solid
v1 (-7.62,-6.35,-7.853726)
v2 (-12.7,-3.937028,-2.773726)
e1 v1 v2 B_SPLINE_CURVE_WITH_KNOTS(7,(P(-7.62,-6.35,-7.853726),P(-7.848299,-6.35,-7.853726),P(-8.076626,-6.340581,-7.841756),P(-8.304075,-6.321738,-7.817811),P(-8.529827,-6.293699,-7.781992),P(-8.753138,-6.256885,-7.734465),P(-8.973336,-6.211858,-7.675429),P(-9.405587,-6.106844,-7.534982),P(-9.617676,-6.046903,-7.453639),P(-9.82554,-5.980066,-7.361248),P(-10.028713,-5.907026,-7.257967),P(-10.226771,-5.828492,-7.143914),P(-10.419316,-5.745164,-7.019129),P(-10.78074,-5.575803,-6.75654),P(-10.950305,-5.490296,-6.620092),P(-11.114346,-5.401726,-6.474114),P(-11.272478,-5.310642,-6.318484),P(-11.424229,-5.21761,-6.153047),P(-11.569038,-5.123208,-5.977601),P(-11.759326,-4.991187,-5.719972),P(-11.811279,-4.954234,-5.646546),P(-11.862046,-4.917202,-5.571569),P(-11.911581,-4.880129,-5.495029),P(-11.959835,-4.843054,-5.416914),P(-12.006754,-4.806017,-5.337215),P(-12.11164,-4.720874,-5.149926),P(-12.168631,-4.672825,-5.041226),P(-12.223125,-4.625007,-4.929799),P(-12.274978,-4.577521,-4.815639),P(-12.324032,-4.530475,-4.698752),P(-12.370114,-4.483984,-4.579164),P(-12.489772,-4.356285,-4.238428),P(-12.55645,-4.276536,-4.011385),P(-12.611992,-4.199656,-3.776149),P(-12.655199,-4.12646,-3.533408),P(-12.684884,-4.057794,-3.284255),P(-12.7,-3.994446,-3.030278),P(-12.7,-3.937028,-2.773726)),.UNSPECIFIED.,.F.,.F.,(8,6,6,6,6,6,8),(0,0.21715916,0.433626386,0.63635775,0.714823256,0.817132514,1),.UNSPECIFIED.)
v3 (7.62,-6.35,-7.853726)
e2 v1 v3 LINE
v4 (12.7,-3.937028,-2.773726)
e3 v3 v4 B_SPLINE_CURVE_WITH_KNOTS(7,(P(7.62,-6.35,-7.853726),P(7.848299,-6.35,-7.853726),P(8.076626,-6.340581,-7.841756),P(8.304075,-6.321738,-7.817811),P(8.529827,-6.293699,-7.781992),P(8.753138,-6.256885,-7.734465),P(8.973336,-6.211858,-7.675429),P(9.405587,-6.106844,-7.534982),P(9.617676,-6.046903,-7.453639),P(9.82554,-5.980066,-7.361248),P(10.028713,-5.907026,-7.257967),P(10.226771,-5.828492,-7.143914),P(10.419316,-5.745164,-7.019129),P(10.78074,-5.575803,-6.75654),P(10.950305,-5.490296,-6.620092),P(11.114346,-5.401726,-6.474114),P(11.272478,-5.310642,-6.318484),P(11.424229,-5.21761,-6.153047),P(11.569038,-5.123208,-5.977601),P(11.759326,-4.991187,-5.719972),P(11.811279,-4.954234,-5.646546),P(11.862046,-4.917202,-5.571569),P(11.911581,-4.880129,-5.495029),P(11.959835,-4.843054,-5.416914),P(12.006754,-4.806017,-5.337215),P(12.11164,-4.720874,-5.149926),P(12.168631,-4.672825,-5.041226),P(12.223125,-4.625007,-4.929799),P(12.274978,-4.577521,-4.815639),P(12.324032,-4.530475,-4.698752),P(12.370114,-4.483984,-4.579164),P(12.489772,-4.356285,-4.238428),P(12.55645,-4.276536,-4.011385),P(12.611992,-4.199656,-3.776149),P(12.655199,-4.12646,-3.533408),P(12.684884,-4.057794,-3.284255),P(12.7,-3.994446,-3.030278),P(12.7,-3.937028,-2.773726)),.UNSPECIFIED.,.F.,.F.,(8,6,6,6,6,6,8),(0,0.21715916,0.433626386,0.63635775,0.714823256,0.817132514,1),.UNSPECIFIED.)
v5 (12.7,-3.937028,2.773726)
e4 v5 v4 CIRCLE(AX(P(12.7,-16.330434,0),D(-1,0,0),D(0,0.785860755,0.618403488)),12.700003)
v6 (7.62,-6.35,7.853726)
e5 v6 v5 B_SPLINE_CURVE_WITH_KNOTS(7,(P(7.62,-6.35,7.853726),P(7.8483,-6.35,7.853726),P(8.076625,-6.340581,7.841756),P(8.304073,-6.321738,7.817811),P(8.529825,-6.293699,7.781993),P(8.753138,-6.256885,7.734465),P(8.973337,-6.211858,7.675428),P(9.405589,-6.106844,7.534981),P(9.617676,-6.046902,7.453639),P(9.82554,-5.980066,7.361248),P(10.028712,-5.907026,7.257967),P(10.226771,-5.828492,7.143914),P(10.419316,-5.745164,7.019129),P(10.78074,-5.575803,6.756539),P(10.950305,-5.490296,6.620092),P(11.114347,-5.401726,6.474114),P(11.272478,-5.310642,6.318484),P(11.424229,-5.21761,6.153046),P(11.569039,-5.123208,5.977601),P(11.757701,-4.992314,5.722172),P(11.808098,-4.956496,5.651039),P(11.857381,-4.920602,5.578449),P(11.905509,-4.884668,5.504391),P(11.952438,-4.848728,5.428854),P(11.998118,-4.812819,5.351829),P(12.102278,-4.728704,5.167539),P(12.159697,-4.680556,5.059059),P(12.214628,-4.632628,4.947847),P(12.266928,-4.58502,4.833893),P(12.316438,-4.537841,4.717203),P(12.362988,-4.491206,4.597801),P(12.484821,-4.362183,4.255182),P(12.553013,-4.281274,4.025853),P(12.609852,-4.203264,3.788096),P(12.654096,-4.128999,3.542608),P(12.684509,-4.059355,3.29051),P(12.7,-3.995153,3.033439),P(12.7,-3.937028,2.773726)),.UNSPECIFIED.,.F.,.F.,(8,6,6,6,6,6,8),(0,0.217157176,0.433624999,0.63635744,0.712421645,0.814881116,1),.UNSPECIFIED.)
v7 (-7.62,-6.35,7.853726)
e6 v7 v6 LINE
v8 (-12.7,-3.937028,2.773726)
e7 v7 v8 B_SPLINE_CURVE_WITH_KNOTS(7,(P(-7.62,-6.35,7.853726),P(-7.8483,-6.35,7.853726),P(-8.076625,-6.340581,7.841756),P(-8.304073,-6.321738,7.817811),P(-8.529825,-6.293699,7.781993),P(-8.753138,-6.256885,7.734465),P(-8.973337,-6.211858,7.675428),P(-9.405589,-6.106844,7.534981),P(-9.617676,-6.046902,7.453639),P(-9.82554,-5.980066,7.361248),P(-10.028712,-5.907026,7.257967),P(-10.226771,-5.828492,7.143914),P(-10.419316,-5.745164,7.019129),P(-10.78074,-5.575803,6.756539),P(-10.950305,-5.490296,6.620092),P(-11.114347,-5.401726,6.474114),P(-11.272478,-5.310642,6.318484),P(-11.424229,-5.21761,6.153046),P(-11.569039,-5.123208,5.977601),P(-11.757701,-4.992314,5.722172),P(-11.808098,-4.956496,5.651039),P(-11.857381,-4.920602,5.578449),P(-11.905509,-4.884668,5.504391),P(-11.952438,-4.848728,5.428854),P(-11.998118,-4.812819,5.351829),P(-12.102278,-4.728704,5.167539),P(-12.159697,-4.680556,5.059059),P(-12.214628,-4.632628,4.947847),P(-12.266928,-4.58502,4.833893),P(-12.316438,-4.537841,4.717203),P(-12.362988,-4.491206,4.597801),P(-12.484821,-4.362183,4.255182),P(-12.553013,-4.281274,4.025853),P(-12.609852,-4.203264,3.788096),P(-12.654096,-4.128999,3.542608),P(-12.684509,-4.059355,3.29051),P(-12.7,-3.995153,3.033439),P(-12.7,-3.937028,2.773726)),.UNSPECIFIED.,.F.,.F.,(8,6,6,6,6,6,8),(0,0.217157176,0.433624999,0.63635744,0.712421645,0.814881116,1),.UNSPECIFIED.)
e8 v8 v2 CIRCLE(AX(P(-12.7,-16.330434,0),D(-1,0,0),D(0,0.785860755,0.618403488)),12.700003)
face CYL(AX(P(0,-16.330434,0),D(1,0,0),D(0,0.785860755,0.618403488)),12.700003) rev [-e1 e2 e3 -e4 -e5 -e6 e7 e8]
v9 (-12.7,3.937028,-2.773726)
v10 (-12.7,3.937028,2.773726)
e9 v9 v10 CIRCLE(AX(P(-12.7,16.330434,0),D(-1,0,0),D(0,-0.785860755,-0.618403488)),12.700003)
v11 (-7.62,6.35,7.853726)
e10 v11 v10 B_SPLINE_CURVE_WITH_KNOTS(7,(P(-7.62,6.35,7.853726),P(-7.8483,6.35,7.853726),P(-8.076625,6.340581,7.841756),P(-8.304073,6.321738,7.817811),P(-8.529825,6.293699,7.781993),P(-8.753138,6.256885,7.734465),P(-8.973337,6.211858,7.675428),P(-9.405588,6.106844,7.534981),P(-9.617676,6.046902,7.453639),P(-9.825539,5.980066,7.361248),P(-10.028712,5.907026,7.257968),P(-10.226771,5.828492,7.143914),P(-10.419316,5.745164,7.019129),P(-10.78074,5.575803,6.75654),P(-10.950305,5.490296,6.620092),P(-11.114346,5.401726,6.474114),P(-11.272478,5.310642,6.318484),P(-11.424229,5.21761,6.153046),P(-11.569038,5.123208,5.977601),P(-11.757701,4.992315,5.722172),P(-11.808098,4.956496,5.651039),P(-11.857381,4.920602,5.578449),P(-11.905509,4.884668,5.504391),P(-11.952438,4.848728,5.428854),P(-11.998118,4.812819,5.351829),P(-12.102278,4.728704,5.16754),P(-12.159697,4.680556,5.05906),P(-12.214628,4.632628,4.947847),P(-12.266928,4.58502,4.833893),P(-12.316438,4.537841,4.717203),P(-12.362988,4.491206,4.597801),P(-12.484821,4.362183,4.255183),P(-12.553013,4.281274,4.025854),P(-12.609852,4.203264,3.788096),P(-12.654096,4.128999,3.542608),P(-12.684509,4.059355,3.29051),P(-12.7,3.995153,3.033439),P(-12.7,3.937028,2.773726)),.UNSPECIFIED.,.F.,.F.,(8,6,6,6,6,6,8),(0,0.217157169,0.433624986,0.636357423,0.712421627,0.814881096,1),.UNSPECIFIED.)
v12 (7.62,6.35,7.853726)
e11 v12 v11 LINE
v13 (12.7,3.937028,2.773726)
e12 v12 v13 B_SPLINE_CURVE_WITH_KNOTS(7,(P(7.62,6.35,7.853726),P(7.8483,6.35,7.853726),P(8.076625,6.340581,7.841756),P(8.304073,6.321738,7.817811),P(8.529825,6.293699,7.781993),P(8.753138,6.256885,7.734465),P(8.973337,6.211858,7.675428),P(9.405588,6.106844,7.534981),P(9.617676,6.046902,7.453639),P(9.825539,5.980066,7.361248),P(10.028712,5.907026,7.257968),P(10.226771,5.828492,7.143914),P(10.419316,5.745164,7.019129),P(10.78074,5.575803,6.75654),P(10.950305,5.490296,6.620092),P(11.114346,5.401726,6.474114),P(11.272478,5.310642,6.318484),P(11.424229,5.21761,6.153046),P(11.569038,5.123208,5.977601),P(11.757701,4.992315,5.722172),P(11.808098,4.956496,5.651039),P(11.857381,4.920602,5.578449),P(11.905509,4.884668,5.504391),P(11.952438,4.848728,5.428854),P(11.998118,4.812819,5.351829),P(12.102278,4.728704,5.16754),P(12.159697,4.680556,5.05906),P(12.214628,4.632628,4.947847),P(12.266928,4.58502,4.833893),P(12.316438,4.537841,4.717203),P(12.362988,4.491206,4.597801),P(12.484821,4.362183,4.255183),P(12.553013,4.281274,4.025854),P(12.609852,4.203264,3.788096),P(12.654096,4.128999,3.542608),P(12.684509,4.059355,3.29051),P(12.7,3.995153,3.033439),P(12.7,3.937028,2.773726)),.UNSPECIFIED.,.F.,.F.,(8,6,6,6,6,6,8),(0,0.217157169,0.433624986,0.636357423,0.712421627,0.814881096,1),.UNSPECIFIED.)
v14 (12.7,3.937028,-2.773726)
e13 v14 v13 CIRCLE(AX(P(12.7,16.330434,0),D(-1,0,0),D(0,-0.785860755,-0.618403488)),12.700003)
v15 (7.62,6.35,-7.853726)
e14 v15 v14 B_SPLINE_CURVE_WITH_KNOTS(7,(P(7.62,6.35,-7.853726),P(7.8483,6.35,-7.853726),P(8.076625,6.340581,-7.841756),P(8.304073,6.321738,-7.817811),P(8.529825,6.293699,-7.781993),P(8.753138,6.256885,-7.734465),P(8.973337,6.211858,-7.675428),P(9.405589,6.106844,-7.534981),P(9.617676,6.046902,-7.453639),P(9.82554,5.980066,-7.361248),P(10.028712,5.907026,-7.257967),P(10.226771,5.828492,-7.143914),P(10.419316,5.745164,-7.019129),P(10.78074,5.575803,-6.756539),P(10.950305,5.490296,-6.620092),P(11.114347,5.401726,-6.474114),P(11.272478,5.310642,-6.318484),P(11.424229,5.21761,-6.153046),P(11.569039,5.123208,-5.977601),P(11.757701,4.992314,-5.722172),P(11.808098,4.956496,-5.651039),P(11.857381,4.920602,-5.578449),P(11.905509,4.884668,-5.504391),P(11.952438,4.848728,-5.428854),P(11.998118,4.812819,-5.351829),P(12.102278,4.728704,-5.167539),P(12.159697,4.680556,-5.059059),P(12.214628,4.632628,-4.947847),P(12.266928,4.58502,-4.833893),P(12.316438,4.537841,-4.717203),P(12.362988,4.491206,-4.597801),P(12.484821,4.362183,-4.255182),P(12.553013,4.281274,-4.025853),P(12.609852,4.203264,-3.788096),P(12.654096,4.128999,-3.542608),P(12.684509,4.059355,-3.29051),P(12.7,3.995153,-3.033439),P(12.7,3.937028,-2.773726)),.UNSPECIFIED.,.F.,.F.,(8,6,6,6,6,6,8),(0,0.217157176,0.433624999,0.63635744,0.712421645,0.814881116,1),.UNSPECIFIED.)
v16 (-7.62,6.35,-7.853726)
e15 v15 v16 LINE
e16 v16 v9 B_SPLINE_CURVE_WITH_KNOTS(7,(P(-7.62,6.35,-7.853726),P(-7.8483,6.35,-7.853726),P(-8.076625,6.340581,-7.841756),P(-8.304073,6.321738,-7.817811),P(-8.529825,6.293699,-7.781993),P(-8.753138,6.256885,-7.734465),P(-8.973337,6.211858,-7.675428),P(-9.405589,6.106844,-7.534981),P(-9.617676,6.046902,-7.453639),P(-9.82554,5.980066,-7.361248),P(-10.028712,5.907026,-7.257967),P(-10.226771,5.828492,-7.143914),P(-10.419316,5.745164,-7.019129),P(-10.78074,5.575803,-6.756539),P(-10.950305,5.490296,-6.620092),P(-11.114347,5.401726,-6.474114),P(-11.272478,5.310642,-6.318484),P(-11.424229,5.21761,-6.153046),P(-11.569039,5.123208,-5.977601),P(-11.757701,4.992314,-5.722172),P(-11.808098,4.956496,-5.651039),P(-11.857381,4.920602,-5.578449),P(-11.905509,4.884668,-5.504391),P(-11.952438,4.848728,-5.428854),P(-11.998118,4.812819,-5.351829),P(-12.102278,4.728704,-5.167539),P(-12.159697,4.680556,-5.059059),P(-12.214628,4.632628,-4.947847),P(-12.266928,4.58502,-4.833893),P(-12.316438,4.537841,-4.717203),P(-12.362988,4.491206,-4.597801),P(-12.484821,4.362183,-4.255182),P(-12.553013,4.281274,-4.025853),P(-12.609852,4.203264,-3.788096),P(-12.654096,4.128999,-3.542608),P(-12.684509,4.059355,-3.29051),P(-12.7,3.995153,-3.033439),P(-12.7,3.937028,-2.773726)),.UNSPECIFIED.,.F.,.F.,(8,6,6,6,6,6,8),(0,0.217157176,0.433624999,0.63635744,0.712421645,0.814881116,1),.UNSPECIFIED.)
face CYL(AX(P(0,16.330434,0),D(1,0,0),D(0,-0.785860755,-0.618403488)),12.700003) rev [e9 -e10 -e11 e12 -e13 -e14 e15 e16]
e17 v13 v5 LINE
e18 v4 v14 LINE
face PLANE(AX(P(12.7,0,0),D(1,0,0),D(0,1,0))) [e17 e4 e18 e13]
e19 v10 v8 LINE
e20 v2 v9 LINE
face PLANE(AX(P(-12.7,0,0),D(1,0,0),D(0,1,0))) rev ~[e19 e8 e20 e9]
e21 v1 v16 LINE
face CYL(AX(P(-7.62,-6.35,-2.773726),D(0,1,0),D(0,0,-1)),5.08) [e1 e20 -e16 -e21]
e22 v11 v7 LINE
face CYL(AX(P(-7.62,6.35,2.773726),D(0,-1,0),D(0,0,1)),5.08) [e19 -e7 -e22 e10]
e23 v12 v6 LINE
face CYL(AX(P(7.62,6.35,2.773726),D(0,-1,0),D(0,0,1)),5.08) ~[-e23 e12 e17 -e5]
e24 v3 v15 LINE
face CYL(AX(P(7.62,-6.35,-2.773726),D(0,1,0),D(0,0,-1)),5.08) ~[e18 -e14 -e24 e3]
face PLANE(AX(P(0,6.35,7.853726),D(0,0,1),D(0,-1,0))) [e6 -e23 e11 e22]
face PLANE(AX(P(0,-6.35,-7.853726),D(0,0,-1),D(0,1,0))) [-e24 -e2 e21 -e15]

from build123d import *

# Parameters (mm, degrees)
F1_DEPTH = 12.7
F2_R     = 5.08


with BuildPart() as f1:
    # F0 (on Right) → F1 (new body, symmetric)
    with BuildSketch(Plane.YZ):
        with BuildLine():
            Line((6.35, 7.853726), (-6.35, 7.853726))
            ThreePointArc((-6.35, 7.853726), (-3.630431, 0), (-6.35, -7.853726))
            Line((-6.35, -7.853726), (6.35, -7.853726))
            ThreePointArc((6.35, -7.853726), (3.630431, 0), (6.35, 7.853726))
        make_face()
    extrude(amount=F1_DEPTH, both=True)

    # F2
    f2_edges = [f1.edges().sort_by_distance(p)[0] for p in [
        (-12.7, 0, 7.853726),
        (-12.7, 0, -7.853726),
        (12.7, 0, 7.853726),
        (12.7, 0, -7.853726),
    ]]
    fillet(f2_edges, radius=F2_R)


solid = f1.part
